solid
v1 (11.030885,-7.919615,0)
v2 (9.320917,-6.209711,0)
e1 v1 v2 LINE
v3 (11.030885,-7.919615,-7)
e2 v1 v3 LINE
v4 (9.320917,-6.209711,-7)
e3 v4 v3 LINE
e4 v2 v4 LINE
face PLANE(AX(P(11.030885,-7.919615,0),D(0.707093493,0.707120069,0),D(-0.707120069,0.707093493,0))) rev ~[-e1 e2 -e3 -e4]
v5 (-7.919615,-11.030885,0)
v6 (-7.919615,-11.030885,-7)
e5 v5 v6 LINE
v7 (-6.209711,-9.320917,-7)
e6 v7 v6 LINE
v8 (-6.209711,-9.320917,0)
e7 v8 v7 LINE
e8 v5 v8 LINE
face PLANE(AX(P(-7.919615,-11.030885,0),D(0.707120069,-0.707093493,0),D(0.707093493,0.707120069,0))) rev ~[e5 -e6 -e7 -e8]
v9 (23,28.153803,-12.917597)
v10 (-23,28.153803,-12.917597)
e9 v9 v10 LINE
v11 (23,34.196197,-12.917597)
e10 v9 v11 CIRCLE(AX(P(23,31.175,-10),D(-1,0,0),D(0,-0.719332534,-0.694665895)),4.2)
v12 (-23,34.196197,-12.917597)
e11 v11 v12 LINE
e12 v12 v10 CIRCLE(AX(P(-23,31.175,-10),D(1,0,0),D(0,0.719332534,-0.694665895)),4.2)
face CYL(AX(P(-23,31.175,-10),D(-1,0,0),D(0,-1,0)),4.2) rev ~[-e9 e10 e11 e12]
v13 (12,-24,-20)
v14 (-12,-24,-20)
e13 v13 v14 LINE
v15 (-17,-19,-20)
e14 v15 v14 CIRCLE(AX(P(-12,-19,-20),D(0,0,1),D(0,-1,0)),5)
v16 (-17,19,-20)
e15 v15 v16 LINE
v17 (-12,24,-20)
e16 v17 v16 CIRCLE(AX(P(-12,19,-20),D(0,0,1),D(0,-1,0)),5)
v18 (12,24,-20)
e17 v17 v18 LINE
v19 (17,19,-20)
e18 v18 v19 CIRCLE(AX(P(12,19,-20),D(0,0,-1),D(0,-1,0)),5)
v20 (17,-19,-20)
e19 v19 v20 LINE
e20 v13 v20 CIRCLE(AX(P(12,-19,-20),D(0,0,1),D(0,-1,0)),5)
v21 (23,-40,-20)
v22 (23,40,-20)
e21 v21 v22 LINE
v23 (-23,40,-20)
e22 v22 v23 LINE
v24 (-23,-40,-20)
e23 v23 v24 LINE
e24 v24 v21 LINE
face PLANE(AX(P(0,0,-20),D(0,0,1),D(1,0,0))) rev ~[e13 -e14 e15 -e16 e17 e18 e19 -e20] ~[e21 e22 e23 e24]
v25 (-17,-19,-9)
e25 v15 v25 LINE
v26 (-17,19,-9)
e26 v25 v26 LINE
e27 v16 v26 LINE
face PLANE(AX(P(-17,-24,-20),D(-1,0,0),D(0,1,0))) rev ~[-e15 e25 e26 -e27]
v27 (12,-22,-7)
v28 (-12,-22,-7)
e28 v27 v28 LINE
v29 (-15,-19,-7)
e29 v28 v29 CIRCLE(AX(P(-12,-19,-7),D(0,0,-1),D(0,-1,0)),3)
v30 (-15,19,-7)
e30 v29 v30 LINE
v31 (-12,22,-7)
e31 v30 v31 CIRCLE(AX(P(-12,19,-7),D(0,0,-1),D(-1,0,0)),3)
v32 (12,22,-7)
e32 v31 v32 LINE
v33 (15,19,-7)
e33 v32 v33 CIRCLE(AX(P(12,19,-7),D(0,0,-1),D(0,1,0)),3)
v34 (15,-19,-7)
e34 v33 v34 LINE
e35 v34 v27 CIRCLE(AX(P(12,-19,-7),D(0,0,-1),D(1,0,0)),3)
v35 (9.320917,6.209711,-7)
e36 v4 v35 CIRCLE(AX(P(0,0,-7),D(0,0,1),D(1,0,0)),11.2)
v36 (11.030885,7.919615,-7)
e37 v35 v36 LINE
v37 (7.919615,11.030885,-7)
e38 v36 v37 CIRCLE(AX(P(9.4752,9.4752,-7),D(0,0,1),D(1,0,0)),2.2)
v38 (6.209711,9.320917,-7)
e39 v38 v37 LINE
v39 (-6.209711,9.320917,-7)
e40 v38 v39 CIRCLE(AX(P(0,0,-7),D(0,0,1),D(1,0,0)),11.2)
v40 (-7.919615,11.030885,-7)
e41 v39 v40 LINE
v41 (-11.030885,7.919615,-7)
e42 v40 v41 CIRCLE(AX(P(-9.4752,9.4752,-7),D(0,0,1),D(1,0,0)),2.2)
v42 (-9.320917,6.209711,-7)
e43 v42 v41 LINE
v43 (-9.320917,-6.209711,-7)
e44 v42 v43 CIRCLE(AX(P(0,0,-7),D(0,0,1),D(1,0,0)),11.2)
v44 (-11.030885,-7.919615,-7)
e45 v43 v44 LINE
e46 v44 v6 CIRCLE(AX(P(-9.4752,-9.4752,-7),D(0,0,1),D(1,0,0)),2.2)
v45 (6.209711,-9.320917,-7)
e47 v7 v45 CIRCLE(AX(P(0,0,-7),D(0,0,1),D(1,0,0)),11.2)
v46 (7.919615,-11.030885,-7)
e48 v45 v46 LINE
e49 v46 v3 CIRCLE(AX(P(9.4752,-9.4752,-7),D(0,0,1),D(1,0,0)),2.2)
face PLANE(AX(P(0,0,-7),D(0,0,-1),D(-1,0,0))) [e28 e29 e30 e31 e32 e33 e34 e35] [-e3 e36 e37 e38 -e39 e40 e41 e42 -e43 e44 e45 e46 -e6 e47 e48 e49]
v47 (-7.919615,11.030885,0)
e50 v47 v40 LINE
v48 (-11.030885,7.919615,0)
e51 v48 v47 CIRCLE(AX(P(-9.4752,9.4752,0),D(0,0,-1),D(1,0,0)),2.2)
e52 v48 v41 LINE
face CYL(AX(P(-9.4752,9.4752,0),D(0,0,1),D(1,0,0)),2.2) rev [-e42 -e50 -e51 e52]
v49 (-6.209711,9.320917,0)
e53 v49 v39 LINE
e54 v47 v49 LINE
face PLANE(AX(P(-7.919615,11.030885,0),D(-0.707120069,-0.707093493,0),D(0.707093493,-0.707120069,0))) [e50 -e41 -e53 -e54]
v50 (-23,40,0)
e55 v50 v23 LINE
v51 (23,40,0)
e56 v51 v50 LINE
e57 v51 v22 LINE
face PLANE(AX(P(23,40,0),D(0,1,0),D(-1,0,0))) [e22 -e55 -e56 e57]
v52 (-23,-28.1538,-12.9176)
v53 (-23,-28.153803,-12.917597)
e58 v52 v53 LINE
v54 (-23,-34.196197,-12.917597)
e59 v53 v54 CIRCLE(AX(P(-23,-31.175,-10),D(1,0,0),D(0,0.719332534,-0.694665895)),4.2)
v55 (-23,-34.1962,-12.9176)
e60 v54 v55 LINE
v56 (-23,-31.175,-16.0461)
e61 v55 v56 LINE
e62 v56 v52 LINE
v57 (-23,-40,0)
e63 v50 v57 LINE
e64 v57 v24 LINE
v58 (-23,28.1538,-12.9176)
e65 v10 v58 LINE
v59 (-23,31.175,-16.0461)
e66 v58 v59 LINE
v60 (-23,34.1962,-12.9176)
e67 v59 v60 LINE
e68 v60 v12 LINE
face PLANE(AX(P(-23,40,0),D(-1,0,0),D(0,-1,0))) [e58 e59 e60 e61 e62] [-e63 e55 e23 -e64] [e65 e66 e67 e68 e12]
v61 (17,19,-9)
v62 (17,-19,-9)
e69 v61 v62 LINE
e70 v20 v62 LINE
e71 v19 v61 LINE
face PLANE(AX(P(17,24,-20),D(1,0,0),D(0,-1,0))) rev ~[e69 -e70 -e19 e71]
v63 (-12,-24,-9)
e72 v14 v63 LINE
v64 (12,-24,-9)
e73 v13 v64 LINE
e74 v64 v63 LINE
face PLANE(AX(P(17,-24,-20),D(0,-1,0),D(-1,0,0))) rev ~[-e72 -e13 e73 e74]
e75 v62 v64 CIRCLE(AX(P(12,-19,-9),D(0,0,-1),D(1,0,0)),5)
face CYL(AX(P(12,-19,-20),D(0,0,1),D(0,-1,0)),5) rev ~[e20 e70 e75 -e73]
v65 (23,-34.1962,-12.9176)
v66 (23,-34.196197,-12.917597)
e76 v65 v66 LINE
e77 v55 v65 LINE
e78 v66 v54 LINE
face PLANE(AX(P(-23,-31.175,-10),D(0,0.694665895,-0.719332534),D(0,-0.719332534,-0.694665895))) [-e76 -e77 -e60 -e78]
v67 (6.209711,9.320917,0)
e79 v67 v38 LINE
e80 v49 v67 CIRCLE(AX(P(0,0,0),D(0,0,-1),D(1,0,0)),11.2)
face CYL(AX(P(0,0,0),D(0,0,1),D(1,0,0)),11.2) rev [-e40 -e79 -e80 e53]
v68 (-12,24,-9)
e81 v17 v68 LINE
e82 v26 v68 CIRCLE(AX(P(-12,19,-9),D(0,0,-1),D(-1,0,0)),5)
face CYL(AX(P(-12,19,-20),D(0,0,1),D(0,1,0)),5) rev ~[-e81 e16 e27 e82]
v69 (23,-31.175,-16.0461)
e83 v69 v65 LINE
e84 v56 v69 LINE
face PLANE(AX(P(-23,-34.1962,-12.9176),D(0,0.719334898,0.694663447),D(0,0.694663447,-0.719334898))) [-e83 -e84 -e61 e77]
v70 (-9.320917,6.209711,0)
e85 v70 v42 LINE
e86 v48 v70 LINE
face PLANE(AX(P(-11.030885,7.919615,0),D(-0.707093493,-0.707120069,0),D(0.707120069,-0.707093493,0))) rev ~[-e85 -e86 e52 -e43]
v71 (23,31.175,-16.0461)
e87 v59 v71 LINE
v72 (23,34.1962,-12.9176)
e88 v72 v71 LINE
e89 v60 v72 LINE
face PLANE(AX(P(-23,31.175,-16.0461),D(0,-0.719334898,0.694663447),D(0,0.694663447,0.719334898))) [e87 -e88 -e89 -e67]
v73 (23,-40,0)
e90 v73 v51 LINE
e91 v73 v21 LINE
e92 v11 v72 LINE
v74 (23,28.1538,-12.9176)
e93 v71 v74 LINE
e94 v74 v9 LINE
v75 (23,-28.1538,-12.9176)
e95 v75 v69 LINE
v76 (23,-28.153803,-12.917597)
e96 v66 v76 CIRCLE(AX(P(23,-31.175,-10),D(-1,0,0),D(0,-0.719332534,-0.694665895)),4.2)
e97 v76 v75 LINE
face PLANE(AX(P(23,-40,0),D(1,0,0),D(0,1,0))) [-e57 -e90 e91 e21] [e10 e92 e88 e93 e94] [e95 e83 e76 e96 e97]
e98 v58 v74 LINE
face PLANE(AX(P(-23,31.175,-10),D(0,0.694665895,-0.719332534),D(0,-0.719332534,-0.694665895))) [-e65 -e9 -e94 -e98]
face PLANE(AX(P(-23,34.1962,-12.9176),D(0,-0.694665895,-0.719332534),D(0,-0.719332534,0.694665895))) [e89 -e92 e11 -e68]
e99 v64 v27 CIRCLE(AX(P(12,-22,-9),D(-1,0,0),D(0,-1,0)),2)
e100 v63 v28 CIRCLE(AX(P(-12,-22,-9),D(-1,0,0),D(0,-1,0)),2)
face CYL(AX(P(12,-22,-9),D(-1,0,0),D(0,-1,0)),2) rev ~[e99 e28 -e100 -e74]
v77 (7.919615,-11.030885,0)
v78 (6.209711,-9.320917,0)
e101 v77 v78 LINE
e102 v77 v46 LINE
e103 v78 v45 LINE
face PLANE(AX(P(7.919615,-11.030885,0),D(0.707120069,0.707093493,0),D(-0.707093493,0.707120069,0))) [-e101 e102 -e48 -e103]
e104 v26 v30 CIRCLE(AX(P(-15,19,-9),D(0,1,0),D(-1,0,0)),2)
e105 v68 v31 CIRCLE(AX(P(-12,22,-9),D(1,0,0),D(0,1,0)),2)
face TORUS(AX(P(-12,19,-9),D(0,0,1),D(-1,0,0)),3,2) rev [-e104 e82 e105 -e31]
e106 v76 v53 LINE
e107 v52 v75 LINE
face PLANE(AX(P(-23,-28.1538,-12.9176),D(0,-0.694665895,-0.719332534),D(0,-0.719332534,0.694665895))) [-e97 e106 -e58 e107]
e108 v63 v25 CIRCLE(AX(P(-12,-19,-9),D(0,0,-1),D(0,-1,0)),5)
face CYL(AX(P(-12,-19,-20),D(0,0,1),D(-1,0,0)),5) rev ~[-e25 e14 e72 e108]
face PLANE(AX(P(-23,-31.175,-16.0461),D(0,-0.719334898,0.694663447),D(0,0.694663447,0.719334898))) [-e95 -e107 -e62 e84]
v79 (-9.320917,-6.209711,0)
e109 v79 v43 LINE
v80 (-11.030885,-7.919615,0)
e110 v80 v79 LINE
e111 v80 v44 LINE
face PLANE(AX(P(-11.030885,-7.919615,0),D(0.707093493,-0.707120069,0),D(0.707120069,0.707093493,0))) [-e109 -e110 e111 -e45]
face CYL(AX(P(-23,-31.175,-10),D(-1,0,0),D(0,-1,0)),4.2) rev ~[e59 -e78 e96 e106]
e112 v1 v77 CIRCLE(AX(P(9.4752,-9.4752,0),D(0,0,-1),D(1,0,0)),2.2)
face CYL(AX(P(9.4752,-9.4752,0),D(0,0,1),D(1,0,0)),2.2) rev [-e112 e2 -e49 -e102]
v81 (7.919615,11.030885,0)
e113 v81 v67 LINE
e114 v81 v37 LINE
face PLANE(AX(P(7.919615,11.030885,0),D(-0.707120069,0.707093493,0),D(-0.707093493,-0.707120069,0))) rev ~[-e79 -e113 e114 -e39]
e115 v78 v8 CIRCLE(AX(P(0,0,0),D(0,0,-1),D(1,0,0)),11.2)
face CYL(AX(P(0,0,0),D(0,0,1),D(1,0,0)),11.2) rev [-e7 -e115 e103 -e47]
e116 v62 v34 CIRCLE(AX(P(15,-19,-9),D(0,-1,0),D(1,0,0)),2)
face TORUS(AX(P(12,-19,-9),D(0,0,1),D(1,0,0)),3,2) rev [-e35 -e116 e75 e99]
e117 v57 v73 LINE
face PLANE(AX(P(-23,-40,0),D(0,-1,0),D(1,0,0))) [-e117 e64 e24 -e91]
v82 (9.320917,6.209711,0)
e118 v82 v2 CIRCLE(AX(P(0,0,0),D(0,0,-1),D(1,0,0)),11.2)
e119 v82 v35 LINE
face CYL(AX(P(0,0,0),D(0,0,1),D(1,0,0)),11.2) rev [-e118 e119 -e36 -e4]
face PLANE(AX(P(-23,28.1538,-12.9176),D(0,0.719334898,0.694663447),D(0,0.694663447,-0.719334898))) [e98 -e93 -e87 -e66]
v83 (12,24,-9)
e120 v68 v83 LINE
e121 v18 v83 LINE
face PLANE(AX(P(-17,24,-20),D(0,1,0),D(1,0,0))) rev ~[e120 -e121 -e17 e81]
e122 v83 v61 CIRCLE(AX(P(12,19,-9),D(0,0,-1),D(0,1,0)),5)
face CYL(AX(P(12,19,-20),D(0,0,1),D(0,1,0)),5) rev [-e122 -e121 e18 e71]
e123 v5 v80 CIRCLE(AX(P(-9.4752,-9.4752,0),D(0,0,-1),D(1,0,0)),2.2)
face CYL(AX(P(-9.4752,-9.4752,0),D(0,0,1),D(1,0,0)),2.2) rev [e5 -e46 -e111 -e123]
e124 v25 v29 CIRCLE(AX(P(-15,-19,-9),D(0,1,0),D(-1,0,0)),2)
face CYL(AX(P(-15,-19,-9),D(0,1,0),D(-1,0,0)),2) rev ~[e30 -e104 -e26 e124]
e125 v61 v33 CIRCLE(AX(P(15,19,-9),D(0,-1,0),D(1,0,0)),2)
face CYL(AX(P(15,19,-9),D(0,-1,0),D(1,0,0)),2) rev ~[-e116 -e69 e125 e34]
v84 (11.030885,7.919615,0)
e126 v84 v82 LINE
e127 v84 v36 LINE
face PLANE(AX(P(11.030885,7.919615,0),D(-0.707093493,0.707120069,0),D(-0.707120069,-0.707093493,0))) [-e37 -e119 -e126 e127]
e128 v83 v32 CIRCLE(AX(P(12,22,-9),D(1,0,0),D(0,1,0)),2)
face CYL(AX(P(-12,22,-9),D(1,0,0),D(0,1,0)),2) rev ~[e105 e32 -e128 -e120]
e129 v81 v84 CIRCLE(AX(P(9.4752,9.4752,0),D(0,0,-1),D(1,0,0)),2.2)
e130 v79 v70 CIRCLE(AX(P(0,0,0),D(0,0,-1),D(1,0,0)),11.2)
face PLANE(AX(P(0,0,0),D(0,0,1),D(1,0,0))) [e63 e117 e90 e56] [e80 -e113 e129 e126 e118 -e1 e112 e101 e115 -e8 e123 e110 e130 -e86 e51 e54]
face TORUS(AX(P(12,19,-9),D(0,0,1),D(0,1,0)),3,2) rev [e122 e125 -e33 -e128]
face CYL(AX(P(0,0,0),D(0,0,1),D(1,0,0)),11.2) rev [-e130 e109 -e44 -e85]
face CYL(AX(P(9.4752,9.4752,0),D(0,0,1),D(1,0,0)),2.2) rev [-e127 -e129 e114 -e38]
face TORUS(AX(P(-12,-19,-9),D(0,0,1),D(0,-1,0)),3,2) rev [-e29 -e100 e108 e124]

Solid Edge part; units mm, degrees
sketch "Sketch1" plane through (0, 0, 0) normal (0, 0, 1) x (1, 0, 0)
  line L0 (-23, -40) -> (23, -40)
  line L1 (23, -40) -> (23, 40)
  line L2 (23, 40) -> (-23, 40)
  line L3 (-23, 40) -> (-23, -40)
extrude "Protrusion1" add sketch "Sketch1" against normal blind 20
sketch "Sketch2" plane through (-23, 0, -10) normal (-1, 0, 0) x (0, -1, 0)
  circle A0 centre (31.175, 0) radius 4.2
  circle A1 centre (-31.175, 0) radius 4.2
  dimension "D1" = 10
  dimension "D2" = 8.825
  dimension "D3" = 62.35
extrude "Cutout1" cut sketch "Sketch2" against normal through all
sketch "Sketch3" plane through (-23, 0, -10) normal (-1, 0, 0) x (0, -1, 0)
  line L0 (31.175, 0) -> (34.1962, -2.9176)
  line L1 (34.1962, -2.9176) -> (31.175, -6.0461)
  line L2 (31.175, -6.0461) -> (28.1538, -2.9176)
  line L3 (28.1538, -2.9176) -> (31.175, 0)
  line L4 (-31.175, 0) -> (-28.1538, -2.9176)
  line L5 (-28.1538, -2.9176) -> (-31.175, -6.0461)
  line L6 (-31.175, -6.0461) -> (-34.1962, -2.9176)
  line L7 (-34.1962, -2.9176) -> (-31.175, 0)
extrude "Cutout2" cut sketch "Sketch3" against normal through all
sketch "Sketch4" plane through (0, 0, -20) normal (0, 0, -1) x (0, -1, 0)
  line L0 (-24, -17) -> (24, -17)
  line L1 (24, -17) -> (24, 17)
  line L2 (24, 17) -> (-24, 17)
  line L3 (-24, 17) -> (-24, -17)
  dimension "D1" = 48
  dimension "D2" = 34
  dimension "D3" = 6
extrude "Cutout3" cut sketch "Sketch4" against normal up to vertex (13 mm away)
sketch "Sketch5" plane through (0, 0, 0) normal (0, 0, 1) x (1, 0, 0)
  arc A0 (-9.3209, -6.2097) -> (-9.3209, 6.2097) centre (0, 0) cw
  line L0 (-11.0309, 7.9196) -> (-9.3209, 6.2097)
  arc A1 (-11.0309, 7.9196) -> (-7.9196, 11.0309) centre (-9.4752, 9.4752) cw
  line L1 (-7.9196, 11.0309) -> (-6.2097, 9.3209)
  arc A2 (-6.2097, 9.3209) -> (6.2097, 9.3209) centre (0, 0) cw
  line L2 (7.9196, 11.0309) -> (6.2097, 9.3209)
  line L3 (11.0309, 7.9196) -> (9.3209, 6.2097)
  line L4 (11.0309, -7.9196) -> (9.3209, -6.2097)
  arc A3 (11.0309, -7.9196) -> (7.9196, -11.0309) centre (9.4752, -9.4752) cw
  line L5 (7.9196, -11.0309) -> (6.2097, -9.3209)
  arc A4 (6.2097, -9.3209) -> (-6.2097, -9.3209) centre (0, 0) cw
  line L6 (-7.9196, -11.0309) -> (-6.2097, -9.3209)
  arc A5 (-7.9196, -11.0309) -> (-11.0309, -7.9196) centre (-9.4752, -9.4752) cw
  line L7 (-11.0309, -7.9196) -> (-9.3209, -6.2097)
  arc A6 (7.9196, 11.0309) -> (11.0309, 7.9196) centre (9.4752, 9.4752) cw
  arc A7 (9.3209, 6.2097) -> (9.3209, -6.2097) centre (0, 0) cw
extrude "Cutout4" cut sketch "Sketch5" against normal through all
fillet "Round_1" radius 5 4 edges at (-17, 24, -13.5) (-17, -24, -13.5) (17, -24, -13.5) (17, 24, -13.5)
fillet "Round_2" radius 2 8 edges at (0, -24, -7) (-15.5355, -22.5355, -7) (-17, 0, -7) (-15.5355, 22.5355, -7) (0, 24, -7) (15.5355, 22.5355, -7) (17, 0, -7) (15.5355, -22.5355, -7)
